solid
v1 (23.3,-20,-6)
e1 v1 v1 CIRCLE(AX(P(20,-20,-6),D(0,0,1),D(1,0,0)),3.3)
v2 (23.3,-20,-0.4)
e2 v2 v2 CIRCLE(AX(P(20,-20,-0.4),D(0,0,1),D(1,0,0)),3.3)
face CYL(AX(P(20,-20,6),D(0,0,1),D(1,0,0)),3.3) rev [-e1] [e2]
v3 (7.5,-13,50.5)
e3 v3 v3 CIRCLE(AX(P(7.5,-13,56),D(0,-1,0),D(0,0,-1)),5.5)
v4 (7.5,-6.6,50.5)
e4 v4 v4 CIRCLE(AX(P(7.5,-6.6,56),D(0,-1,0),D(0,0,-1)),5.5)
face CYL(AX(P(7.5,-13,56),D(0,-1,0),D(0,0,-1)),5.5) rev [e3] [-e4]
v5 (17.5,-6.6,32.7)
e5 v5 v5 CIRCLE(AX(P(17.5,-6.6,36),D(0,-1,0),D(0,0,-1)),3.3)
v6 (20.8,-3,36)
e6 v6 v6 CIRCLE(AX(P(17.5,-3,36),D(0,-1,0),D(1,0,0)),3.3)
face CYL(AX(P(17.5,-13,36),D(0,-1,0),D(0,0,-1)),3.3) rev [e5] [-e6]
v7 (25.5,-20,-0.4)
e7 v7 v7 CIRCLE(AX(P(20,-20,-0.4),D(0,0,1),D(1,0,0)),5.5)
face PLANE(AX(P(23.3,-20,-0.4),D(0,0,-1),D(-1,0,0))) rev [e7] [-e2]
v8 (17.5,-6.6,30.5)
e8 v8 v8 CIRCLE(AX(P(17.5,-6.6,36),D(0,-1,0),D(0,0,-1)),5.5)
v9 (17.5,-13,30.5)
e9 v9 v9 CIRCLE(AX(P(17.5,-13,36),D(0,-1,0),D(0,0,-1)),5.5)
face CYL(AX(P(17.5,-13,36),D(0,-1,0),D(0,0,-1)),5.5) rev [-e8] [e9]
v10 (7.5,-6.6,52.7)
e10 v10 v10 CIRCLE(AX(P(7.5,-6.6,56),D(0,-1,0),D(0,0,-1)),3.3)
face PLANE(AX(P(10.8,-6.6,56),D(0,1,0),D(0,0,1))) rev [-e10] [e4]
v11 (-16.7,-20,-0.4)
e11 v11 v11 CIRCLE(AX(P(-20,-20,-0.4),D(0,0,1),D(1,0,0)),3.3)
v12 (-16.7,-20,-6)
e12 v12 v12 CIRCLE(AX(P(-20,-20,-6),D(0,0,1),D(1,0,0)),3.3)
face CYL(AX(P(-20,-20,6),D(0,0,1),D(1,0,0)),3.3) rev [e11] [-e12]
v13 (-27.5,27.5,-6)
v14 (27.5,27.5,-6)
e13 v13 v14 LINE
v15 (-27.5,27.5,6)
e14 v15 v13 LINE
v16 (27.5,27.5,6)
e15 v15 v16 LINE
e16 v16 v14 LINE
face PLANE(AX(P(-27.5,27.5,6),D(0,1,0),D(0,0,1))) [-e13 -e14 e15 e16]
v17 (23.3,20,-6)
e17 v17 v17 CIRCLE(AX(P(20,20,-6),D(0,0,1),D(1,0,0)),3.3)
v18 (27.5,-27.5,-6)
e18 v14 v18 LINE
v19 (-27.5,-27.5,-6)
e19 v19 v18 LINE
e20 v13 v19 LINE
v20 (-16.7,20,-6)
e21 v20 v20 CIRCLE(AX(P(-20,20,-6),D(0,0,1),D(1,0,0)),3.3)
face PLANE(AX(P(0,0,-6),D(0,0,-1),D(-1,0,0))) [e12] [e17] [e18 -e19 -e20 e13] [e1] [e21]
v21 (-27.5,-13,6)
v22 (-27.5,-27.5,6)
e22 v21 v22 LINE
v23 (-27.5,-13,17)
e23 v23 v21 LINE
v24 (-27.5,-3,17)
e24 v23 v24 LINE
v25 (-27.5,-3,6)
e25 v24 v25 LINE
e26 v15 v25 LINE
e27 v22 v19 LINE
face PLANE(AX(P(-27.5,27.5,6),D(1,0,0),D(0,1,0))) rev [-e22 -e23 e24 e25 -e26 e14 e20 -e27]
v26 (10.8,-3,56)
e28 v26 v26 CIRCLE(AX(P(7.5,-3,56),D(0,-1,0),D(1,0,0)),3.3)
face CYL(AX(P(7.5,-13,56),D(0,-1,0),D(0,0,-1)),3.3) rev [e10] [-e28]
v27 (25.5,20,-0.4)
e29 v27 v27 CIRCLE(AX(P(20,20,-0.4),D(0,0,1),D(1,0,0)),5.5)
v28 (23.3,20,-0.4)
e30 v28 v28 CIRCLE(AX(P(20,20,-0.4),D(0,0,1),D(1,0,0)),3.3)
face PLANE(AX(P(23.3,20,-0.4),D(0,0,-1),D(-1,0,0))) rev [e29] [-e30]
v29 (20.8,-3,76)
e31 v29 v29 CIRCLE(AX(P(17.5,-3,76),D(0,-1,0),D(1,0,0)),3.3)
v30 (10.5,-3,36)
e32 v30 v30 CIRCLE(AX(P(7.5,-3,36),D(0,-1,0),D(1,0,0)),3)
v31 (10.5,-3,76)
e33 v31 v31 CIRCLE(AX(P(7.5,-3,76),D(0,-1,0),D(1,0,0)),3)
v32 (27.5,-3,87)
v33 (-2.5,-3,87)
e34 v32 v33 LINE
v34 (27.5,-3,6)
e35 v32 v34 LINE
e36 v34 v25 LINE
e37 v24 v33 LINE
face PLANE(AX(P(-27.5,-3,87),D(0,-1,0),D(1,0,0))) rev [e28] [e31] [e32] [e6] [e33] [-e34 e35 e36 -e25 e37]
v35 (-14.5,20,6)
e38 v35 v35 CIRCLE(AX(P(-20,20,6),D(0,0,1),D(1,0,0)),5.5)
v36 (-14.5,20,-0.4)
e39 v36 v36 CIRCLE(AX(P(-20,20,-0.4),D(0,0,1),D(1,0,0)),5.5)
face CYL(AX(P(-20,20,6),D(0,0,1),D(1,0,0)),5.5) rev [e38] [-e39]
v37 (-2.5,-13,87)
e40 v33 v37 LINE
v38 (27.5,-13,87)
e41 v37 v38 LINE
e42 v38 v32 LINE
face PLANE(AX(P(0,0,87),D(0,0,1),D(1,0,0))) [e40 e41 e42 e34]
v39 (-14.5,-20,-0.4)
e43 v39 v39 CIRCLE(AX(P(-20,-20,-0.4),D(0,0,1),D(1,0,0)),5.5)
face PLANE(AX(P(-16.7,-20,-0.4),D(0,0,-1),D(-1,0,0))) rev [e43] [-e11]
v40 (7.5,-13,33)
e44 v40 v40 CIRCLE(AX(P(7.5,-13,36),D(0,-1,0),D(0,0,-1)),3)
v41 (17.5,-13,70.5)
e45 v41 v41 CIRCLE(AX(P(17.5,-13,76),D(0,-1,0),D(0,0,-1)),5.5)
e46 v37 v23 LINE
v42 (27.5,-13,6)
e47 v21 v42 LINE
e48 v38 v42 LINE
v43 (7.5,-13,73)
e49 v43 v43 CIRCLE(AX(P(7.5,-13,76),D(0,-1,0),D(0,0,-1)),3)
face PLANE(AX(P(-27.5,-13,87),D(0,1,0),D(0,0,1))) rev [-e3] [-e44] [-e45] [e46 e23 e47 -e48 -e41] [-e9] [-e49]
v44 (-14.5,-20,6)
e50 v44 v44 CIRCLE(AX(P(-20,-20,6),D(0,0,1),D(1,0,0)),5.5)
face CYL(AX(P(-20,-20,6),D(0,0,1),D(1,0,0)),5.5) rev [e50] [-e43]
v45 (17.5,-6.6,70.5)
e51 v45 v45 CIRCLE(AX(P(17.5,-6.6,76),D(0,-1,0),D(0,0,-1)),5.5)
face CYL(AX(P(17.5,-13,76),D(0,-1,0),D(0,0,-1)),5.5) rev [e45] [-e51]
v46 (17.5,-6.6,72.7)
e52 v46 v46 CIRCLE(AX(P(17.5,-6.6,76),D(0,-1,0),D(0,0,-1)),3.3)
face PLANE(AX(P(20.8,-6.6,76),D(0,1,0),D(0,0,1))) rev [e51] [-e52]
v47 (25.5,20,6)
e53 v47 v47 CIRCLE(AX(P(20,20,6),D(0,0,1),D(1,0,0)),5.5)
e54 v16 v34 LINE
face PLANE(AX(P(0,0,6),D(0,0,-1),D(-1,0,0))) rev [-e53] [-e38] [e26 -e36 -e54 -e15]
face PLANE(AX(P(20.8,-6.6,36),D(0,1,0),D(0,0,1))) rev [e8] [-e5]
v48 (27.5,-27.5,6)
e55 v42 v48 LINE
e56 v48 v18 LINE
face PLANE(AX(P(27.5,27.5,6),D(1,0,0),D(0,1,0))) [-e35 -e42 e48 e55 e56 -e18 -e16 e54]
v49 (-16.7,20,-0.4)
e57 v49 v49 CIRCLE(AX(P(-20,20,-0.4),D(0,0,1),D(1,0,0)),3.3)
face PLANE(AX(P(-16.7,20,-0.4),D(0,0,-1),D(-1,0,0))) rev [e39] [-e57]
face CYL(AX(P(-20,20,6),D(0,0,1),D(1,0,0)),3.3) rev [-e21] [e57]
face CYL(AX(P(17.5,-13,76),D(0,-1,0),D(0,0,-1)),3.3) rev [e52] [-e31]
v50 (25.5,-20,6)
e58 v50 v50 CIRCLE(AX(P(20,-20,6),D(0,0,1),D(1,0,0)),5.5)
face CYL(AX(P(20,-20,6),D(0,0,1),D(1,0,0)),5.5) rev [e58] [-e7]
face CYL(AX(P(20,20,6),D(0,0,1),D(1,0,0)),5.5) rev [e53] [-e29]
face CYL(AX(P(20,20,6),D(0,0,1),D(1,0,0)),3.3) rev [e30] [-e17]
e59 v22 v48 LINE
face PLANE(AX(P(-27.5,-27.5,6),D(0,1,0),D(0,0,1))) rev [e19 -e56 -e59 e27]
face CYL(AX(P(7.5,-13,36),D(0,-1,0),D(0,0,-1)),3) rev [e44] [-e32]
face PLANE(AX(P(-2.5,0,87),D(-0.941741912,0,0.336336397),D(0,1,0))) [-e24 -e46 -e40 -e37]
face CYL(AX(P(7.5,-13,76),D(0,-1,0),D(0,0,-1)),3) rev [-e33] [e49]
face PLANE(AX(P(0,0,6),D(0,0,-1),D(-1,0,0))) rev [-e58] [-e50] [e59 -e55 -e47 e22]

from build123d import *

# Parameters (mm, degrees)
SKETCH1_W                                           = 55
SKETCH1_H                                           = 55
BOSS_EXTRUDE1_DEPTH                                 = 6
CBORE_FOR_M6_HEX_SOCKET_HEAD_CAP_SCREW1_D           = 6.6
CBORE_FOR_M6_HEX_SOCKET_HEAD_CAP_SCREW1_CBORE_D     = 11
CBORE_FOR_M6_HEX_SOCKET_HEAD_CAP_SCREW1_CBORE_DEPTH = 6.4
SKETCH4_W                                           = 55
SKETCH4_H                                           = 10
BOSS_EXTRUDE2_DEPTH                                 = 81
CBORE_FOR_M6_HEX_SOCKET_HEAD_CAP_SCREW2_D           = 6.6
CBORE_FOR_M6_HEX_SOCKET_HEAD_CAP_SCREW2_CBORE_D     = 11
CBORE_FOR_M6_HEX_SOCKET_HEAD_CAP_SCREW2_CBORE_DEPTH = 6.4
CHAMFER1_SIZE                                       = 70
CHAMFER1_SIZE2                                      = 25
F_6_0MM_DOWEL_HOLE1_D                               = 6


with BuildPart() as part:
    # Sketch1 → Boss-Extrude1 (new, symmetric)
    with BuildSketch(Plane.XY):
        Rectangle(SKETCH1_W, SKETCH1_H)
    extrude(amount=BOSS_EXTRUDE1_DEPTH, both=True)

    # CBORE for M6 Hex Socket Head Cap Screw1 (through all)
    with Locations(Plane.XY.offset(6)):
        with Locations((-20, 20), (20, 20), (20, -20), (-20, -20)):
            CounterBoreHole(CBORE_FOR_M6_HEX_SOCKET_HEAD_CAP_SCREW1_D / 2, CBORE_FOR_M6_HEX_SOCKET_HEAD_CAP_SCREW1_CBORE_D / 2, CBORE_FOR_M6_HEX_SOCKET_HEAD_CAP_SCREW1_CBORE_DEPTH)

    # Sketch4 → Boss-Extrude2 (add)
    with BuildSketch(Plane.XY.offset(6)):
        with Locations((0, -8)):
            Rectangle(SKETCH4_W, SKETCH4_H)
    extrude(amount=BOSS_EXTRUDE2_DEPTH)

    # CBORE for M6 Hex Socket Head Cap Screw2 (through all)
    with Locations(Plane(origin=(0, -13, 0), x_dir=(-1, 0, 0), z_dir=(0, -1, 0))):
        with Locations((-17.5, -76), (-7.5, -56), (-17.5, -36)):
            CounterBoreHole(CBORE_FOR_M6_HEX_SOCKET_HEAD_CAP_SCREW2_D / 2, CBORE_FOR_M6_HEX_SOCKET_HEAD_CAP_SCREW2_CBORE_D / 2, CBORE_FOR_M6_HEX_SOCKET_HEAD_CAP_SCREW2_CBORE_DEPTH)

    # Chamfer1
    chamfer1_edges = [part.edges().sort_by_distance(p)[0] for p in [
        (-27.5, -8, 87),
    ]]
    chamfer1_side = [part.faces().sort_by_distance(p)[0] for p in [
        (-27.5, -4.408163265, 25.62244898),
    ]]
    chamfer(chamfer1_edges, length=CHAMFER1_SIZE, length2=CHAMFER1_SIZE2, reference=chamfer1_side[0])

    # Ø6.0mm Dowel Hole1 (through all)
    with Locations(Plane(origin=(0, -13, 0), x_dir=(-1, 0, 0), z_dir=(0, -1, 0))):
        with Locations((-7.5, -36), (-7.5, -76)):
            Hole(F_6_0MM_DOWEL_HOLE1_D / 2)


solid = part.part
